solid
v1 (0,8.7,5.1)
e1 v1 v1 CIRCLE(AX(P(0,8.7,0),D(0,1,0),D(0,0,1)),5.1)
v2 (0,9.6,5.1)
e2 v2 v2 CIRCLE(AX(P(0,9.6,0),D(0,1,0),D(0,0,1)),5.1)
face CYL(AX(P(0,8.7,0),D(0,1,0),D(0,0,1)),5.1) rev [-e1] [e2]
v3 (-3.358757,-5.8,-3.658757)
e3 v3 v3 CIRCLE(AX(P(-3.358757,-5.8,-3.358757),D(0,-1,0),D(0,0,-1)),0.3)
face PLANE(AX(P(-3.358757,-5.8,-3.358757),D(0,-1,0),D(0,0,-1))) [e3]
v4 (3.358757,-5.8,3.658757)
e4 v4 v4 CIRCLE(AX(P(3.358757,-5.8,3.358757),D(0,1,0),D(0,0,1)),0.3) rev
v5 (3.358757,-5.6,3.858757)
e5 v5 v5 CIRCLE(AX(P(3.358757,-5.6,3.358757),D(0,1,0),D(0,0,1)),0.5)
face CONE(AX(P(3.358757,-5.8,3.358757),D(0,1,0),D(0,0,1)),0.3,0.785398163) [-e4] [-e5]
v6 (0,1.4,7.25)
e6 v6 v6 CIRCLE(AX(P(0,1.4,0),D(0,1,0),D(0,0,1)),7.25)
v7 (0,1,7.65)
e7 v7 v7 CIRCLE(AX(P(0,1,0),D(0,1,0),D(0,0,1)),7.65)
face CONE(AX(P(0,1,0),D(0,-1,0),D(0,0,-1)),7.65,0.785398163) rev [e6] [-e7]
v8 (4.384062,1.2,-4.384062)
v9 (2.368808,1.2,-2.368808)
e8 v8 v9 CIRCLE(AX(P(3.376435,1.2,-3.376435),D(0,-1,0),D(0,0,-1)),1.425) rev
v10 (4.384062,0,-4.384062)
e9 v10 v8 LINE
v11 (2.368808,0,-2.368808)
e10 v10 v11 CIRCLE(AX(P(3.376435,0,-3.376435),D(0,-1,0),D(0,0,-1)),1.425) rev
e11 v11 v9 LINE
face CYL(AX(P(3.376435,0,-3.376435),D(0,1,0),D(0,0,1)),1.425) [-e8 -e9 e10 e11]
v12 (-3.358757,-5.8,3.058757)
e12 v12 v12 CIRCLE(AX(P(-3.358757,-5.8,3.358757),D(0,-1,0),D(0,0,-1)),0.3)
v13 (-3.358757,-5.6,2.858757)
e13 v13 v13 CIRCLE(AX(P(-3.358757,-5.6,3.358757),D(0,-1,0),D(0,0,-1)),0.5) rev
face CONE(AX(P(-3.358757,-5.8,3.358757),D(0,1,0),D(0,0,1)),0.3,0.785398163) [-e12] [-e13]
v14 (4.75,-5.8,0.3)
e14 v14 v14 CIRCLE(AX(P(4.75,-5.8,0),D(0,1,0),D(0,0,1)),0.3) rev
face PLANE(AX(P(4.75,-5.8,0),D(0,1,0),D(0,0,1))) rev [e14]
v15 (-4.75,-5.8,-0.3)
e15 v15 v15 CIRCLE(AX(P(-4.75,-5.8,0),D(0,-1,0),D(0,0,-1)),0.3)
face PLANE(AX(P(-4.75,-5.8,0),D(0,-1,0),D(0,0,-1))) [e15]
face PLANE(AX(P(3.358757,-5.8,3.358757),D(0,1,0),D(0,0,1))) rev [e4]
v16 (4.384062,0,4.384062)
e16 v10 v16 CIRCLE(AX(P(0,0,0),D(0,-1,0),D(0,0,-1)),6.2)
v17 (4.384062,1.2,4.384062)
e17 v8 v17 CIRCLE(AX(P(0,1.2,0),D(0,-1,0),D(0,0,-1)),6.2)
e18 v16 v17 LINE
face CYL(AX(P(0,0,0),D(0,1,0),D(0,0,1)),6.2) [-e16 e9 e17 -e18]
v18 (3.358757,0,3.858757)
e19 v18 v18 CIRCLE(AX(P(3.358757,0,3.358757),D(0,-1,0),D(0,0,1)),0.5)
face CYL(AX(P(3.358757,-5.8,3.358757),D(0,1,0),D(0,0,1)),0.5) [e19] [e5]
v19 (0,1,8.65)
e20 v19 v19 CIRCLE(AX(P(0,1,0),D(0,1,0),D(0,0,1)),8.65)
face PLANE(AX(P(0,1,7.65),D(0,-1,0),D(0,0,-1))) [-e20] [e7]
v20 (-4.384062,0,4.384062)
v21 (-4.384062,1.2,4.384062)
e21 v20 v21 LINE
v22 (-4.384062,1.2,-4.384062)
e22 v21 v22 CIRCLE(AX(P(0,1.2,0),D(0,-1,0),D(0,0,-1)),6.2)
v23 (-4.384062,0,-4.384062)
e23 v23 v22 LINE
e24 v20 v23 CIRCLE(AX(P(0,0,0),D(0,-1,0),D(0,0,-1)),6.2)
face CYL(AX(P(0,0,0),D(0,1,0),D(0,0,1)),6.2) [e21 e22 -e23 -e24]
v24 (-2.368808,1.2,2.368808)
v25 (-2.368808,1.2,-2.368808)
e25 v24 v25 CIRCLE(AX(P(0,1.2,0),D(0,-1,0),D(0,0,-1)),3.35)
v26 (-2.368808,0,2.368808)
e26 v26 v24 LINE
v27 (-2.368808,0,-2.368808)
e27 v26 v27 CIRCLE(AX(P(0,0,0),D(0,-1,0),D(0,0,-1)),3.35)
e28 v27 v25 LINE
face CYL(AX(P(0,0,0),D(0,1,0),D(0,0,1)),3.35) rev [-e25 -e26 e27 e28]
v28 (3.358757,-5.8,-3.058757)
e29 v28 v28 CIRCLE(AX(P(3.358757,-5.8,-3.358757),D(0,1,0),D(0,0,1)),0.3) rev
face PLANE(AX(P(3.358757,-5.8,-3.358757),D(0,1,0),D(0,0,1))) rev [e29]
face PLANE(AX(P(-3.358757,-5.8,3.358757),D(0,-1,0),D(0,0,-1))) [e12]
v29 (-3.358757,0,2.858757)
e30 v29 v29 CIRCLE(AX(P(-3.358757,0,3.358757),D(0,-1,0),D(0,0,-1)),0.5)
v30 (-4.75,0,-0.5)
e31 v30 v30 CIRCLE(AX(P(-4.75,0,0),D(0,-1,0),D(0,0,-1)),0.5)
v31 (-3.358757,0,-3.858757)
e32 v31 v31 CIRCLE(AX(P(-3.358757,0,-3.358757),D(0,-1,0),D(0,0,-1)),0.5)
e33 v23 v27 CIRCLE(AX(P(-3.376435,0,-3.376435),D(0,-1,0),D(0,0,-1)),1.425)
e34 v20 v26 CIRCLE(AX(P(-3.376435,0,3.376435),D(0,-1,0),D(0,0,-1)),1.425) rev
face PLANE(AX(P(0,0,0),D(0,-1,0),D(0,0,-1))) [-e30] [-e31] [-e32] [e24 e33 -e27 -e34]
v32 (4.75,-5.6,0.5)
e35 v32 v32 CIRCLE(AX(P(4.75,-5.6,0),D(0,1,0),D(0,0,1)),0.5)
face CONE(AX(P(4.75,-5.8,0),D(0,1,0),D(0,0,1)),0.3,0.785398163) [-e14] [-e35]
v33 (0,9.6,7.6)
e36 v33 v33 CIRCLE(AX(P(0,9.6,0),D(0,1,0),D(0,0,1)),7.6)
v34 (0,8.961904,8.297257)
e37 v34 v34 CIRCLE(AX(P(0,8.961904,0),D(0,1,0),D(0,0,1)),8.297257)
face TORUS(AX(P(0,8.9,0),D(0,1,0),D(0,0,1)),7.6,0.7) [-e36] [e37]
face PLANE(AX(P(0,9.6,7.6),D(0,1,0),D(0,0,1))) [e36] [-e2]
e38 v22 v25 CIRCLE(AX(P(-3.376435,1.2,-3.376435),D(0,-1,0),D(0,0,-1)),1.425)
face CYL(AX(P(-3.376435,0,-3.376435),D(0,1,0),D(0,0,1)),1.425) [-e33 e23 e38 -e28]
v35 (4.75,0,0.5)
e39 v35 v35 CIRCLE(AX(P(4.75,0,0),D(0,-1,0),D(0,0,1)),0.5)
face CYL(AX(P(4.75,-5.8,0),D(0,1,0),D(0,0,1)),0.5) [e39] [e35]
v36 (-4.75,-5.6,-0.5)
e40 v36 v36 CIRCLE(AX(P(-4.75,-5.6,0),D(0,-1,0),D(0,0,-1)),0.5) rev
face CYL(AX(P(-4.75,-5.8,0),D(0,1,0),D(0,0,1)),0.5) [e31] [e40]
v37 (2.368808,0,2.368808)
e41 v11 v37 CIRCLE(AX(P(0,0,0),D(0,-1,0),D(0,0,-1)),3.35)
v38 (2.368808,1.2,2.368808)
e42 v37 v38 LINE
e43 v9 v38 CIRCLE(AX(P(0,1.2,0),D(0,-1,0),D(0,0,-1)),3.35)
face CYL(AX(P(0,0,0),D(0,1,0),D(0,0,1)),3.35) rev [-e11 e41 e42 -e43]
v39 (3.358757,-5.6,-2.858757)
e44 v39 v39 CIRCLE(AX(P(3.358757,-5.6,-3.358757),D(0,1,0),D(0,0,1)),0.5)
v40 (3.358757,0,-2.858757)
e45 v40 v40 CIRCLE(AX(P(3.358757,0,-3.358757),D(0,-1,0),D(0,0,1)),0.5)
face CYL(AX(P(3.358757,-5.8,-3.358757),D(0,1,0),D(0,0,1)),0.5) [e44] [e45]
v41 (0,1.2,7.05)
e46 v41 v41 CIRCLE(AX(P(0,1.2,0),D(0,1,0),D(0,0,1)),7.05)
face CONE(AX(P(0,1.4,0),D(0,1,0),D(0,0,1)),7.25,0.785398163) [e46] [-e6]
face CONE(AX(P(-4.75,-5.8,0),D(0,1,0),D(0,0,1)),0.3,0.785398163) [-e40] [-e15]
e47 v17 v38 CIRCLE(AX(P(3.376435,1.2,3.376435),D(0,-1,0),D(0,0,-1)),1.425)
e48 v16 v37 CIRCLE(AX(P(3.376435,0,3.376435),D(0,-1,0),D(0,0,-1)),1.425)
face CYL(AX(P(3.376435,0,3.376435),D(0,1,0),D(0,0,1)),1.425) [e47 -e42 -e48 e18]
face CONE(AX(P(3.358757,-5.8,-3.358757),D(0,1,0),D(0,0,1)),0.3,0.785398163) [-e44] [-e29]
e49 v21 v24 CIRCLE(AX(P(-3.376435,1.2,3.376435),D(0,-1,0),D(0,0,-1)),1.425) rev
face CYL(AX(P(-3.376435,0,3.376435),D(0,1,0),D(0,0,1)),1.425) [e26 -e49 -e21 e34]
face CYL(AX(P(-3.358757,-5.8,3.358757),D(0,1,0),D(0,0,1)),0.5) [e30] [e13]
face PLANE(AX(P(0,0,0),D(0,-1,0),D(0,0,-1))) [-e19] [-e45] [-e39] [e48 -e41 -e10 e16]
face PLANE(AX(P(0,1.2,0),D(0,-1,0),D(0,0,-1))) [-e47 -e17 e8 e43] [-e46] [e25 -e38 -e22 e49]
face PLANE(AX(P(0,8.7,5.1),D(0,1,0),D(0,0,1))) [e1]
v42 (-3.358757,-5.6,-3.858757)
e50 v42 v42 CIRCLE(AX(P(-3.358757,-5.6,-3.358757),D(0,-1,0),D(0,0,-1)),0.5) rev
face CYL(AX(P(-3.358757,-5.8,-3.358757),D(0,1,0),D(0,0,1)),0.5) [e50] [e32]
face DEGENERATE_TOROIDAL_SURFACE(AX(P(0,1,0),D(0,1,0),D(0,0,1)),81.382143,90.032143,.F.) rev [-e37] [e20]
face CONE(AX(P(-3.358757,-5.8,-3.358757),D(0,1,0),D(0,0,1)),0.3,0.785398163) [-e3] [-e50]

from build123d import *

# Parameters (mm, degrees)
EXTRUDE_1_DEPTH = 1.2
SKETCH_3_R      = 0.5
EXTRUDE_2_DEPTH = 5.8
CHAMFER_1_SIZE  = 0.2


with BuildPart() as part:
    # Эскиз1 → Повернуть1 (revolve)
    with BuildSketch(Plane(origin=(0, 0, 0), x_dir=(0, 0, -1), z_dir=(1, 0, 0))):
        with BuildLine():
            Line((0, 1.2), (-7.05, 1.2))
            Line((-7.05, 1.2), (-7.25, 1.4))
            Line((-7.25, 1.4), (-7.65, 1))
            Line((-7.65, 1), (-8.65, 1))
            ThreePointArc((-8.65, 1), (-8.561771126, 4.984856949), (-8.297257426, 8.96190381))
            ThreePointArc((-8.297257426, 8.96190381), (-8.072581915, 9.416397457), (-7.6, 9.6))
            Line((-7.6, 9.6), (-5.1, 9.6))
            Line((-5.1, 9.6), (-5.1, 8.7))
            Line((-5.1, 8.7), (0, 8.7))
            Line((0, 8.7), (0, 1.2))
        make_face()
    revolve(axis=Axis((0, 8.7, 0), (0, -1, 0)))

    # Эскиз2 → Бобышка-Вытянуть1 (add)
    with BuildSketch(Plane.XZ.offset(-1.2)):
        with BuildLine():
            ThreePointArc((-2.368807717, 2.368807717), (-2.368807717, 4.384062043), (-4.384062043, 4.384062043))
            ThreePointArc((-4.384062043, 4.384062043), (-6.2, 0), (-4.384062043, -4.384062043))
            ThreePointArc((-4.384062043, -4.384062043), (-2.368807717, -4.384062043), (-2.368807717, -2.368807717))
            ThreePointArc((-2.368807717, -2.368807717), (-3.35, 0), (-2.368807717, 2.368807717))
        make_face()
        with BuildLine():
            ThreePointArc((4.384062043, -4.384062043), (5.728053102, -2.372637281), (6.2, 0))
            ThreePointArc((6.2, 0), (5.728053102, 2.372637281), (4.384062043, 4.384062043))
            ThreePointArc((4.384062043, 4.384062043), (2.368807717, 4.384062043), (2.368807717, 2.368807717))
            ThreePointArc((2.368807717, 2.368807717), (3.094996434, 1.281989498), (3.35, 0))
            ThreePointArc((3.35, 0), (3.094996434, -1.281989498), (2.368807717, -2.368807717))
            ThreePointArc((2.368807717, -2.368807717), (2.368807717, -4.384062043), (4.384062043, -4.384062043))
        make_face()
    extrude(amount=EXTRUDE_1_DEPTH)

    # Эскиз3 → Бобышка-Вытянуть2 (add)
    with BuildSketch(Plane.XZ):
        with Locations(Location((-4.75, 0, 0), (0, 0, 270))):
            Circle(SKETCH_3_R)
        with Locations(Location((-3.358757211, 3.358757211, 0), (0, 0, 270))):
            Circle(SKETCH_3_R)
        with Locations(Location((-3.358757211, -3.358757211, 0), (0, 0, 270))):
            Circle(SKETCH_3_R)
        with Locations(Location((3.358757211, 3.358757211, 0), (0, 0, 90))):
            Circle(SKETCH_3_R)
        with Locations(Location((4.75, 0, 0), (0, 0, 90))):
            Circle(SKETCH_3_R)
        with Locations(Location((3.358757211, -3.358757211, 0), (0, 0, 90))):
            Circle(SKETCH_3_R)
    extrude(amount=EXTRUDE_2_DEPTH)

    # Фаска1
    chamfer_1_edges = [part.edges().sort_by_distance(p)[0] for p in [
        (-4.75, -5.8, 0.5),
        (-3.358757211, -5.8, 3.858757211),
        (-3.358757211, -5.8, -2.858757211),
        (3.358757211, -5.8, 2.858757211),
        (4.75, -5.8, -0.5),
        (3.358757211, -5.8, -3.858757211),
    ]]
    chamfer(chamfer_1_edges, length=CHAMFER_1_SIZE)


solid = part.part
